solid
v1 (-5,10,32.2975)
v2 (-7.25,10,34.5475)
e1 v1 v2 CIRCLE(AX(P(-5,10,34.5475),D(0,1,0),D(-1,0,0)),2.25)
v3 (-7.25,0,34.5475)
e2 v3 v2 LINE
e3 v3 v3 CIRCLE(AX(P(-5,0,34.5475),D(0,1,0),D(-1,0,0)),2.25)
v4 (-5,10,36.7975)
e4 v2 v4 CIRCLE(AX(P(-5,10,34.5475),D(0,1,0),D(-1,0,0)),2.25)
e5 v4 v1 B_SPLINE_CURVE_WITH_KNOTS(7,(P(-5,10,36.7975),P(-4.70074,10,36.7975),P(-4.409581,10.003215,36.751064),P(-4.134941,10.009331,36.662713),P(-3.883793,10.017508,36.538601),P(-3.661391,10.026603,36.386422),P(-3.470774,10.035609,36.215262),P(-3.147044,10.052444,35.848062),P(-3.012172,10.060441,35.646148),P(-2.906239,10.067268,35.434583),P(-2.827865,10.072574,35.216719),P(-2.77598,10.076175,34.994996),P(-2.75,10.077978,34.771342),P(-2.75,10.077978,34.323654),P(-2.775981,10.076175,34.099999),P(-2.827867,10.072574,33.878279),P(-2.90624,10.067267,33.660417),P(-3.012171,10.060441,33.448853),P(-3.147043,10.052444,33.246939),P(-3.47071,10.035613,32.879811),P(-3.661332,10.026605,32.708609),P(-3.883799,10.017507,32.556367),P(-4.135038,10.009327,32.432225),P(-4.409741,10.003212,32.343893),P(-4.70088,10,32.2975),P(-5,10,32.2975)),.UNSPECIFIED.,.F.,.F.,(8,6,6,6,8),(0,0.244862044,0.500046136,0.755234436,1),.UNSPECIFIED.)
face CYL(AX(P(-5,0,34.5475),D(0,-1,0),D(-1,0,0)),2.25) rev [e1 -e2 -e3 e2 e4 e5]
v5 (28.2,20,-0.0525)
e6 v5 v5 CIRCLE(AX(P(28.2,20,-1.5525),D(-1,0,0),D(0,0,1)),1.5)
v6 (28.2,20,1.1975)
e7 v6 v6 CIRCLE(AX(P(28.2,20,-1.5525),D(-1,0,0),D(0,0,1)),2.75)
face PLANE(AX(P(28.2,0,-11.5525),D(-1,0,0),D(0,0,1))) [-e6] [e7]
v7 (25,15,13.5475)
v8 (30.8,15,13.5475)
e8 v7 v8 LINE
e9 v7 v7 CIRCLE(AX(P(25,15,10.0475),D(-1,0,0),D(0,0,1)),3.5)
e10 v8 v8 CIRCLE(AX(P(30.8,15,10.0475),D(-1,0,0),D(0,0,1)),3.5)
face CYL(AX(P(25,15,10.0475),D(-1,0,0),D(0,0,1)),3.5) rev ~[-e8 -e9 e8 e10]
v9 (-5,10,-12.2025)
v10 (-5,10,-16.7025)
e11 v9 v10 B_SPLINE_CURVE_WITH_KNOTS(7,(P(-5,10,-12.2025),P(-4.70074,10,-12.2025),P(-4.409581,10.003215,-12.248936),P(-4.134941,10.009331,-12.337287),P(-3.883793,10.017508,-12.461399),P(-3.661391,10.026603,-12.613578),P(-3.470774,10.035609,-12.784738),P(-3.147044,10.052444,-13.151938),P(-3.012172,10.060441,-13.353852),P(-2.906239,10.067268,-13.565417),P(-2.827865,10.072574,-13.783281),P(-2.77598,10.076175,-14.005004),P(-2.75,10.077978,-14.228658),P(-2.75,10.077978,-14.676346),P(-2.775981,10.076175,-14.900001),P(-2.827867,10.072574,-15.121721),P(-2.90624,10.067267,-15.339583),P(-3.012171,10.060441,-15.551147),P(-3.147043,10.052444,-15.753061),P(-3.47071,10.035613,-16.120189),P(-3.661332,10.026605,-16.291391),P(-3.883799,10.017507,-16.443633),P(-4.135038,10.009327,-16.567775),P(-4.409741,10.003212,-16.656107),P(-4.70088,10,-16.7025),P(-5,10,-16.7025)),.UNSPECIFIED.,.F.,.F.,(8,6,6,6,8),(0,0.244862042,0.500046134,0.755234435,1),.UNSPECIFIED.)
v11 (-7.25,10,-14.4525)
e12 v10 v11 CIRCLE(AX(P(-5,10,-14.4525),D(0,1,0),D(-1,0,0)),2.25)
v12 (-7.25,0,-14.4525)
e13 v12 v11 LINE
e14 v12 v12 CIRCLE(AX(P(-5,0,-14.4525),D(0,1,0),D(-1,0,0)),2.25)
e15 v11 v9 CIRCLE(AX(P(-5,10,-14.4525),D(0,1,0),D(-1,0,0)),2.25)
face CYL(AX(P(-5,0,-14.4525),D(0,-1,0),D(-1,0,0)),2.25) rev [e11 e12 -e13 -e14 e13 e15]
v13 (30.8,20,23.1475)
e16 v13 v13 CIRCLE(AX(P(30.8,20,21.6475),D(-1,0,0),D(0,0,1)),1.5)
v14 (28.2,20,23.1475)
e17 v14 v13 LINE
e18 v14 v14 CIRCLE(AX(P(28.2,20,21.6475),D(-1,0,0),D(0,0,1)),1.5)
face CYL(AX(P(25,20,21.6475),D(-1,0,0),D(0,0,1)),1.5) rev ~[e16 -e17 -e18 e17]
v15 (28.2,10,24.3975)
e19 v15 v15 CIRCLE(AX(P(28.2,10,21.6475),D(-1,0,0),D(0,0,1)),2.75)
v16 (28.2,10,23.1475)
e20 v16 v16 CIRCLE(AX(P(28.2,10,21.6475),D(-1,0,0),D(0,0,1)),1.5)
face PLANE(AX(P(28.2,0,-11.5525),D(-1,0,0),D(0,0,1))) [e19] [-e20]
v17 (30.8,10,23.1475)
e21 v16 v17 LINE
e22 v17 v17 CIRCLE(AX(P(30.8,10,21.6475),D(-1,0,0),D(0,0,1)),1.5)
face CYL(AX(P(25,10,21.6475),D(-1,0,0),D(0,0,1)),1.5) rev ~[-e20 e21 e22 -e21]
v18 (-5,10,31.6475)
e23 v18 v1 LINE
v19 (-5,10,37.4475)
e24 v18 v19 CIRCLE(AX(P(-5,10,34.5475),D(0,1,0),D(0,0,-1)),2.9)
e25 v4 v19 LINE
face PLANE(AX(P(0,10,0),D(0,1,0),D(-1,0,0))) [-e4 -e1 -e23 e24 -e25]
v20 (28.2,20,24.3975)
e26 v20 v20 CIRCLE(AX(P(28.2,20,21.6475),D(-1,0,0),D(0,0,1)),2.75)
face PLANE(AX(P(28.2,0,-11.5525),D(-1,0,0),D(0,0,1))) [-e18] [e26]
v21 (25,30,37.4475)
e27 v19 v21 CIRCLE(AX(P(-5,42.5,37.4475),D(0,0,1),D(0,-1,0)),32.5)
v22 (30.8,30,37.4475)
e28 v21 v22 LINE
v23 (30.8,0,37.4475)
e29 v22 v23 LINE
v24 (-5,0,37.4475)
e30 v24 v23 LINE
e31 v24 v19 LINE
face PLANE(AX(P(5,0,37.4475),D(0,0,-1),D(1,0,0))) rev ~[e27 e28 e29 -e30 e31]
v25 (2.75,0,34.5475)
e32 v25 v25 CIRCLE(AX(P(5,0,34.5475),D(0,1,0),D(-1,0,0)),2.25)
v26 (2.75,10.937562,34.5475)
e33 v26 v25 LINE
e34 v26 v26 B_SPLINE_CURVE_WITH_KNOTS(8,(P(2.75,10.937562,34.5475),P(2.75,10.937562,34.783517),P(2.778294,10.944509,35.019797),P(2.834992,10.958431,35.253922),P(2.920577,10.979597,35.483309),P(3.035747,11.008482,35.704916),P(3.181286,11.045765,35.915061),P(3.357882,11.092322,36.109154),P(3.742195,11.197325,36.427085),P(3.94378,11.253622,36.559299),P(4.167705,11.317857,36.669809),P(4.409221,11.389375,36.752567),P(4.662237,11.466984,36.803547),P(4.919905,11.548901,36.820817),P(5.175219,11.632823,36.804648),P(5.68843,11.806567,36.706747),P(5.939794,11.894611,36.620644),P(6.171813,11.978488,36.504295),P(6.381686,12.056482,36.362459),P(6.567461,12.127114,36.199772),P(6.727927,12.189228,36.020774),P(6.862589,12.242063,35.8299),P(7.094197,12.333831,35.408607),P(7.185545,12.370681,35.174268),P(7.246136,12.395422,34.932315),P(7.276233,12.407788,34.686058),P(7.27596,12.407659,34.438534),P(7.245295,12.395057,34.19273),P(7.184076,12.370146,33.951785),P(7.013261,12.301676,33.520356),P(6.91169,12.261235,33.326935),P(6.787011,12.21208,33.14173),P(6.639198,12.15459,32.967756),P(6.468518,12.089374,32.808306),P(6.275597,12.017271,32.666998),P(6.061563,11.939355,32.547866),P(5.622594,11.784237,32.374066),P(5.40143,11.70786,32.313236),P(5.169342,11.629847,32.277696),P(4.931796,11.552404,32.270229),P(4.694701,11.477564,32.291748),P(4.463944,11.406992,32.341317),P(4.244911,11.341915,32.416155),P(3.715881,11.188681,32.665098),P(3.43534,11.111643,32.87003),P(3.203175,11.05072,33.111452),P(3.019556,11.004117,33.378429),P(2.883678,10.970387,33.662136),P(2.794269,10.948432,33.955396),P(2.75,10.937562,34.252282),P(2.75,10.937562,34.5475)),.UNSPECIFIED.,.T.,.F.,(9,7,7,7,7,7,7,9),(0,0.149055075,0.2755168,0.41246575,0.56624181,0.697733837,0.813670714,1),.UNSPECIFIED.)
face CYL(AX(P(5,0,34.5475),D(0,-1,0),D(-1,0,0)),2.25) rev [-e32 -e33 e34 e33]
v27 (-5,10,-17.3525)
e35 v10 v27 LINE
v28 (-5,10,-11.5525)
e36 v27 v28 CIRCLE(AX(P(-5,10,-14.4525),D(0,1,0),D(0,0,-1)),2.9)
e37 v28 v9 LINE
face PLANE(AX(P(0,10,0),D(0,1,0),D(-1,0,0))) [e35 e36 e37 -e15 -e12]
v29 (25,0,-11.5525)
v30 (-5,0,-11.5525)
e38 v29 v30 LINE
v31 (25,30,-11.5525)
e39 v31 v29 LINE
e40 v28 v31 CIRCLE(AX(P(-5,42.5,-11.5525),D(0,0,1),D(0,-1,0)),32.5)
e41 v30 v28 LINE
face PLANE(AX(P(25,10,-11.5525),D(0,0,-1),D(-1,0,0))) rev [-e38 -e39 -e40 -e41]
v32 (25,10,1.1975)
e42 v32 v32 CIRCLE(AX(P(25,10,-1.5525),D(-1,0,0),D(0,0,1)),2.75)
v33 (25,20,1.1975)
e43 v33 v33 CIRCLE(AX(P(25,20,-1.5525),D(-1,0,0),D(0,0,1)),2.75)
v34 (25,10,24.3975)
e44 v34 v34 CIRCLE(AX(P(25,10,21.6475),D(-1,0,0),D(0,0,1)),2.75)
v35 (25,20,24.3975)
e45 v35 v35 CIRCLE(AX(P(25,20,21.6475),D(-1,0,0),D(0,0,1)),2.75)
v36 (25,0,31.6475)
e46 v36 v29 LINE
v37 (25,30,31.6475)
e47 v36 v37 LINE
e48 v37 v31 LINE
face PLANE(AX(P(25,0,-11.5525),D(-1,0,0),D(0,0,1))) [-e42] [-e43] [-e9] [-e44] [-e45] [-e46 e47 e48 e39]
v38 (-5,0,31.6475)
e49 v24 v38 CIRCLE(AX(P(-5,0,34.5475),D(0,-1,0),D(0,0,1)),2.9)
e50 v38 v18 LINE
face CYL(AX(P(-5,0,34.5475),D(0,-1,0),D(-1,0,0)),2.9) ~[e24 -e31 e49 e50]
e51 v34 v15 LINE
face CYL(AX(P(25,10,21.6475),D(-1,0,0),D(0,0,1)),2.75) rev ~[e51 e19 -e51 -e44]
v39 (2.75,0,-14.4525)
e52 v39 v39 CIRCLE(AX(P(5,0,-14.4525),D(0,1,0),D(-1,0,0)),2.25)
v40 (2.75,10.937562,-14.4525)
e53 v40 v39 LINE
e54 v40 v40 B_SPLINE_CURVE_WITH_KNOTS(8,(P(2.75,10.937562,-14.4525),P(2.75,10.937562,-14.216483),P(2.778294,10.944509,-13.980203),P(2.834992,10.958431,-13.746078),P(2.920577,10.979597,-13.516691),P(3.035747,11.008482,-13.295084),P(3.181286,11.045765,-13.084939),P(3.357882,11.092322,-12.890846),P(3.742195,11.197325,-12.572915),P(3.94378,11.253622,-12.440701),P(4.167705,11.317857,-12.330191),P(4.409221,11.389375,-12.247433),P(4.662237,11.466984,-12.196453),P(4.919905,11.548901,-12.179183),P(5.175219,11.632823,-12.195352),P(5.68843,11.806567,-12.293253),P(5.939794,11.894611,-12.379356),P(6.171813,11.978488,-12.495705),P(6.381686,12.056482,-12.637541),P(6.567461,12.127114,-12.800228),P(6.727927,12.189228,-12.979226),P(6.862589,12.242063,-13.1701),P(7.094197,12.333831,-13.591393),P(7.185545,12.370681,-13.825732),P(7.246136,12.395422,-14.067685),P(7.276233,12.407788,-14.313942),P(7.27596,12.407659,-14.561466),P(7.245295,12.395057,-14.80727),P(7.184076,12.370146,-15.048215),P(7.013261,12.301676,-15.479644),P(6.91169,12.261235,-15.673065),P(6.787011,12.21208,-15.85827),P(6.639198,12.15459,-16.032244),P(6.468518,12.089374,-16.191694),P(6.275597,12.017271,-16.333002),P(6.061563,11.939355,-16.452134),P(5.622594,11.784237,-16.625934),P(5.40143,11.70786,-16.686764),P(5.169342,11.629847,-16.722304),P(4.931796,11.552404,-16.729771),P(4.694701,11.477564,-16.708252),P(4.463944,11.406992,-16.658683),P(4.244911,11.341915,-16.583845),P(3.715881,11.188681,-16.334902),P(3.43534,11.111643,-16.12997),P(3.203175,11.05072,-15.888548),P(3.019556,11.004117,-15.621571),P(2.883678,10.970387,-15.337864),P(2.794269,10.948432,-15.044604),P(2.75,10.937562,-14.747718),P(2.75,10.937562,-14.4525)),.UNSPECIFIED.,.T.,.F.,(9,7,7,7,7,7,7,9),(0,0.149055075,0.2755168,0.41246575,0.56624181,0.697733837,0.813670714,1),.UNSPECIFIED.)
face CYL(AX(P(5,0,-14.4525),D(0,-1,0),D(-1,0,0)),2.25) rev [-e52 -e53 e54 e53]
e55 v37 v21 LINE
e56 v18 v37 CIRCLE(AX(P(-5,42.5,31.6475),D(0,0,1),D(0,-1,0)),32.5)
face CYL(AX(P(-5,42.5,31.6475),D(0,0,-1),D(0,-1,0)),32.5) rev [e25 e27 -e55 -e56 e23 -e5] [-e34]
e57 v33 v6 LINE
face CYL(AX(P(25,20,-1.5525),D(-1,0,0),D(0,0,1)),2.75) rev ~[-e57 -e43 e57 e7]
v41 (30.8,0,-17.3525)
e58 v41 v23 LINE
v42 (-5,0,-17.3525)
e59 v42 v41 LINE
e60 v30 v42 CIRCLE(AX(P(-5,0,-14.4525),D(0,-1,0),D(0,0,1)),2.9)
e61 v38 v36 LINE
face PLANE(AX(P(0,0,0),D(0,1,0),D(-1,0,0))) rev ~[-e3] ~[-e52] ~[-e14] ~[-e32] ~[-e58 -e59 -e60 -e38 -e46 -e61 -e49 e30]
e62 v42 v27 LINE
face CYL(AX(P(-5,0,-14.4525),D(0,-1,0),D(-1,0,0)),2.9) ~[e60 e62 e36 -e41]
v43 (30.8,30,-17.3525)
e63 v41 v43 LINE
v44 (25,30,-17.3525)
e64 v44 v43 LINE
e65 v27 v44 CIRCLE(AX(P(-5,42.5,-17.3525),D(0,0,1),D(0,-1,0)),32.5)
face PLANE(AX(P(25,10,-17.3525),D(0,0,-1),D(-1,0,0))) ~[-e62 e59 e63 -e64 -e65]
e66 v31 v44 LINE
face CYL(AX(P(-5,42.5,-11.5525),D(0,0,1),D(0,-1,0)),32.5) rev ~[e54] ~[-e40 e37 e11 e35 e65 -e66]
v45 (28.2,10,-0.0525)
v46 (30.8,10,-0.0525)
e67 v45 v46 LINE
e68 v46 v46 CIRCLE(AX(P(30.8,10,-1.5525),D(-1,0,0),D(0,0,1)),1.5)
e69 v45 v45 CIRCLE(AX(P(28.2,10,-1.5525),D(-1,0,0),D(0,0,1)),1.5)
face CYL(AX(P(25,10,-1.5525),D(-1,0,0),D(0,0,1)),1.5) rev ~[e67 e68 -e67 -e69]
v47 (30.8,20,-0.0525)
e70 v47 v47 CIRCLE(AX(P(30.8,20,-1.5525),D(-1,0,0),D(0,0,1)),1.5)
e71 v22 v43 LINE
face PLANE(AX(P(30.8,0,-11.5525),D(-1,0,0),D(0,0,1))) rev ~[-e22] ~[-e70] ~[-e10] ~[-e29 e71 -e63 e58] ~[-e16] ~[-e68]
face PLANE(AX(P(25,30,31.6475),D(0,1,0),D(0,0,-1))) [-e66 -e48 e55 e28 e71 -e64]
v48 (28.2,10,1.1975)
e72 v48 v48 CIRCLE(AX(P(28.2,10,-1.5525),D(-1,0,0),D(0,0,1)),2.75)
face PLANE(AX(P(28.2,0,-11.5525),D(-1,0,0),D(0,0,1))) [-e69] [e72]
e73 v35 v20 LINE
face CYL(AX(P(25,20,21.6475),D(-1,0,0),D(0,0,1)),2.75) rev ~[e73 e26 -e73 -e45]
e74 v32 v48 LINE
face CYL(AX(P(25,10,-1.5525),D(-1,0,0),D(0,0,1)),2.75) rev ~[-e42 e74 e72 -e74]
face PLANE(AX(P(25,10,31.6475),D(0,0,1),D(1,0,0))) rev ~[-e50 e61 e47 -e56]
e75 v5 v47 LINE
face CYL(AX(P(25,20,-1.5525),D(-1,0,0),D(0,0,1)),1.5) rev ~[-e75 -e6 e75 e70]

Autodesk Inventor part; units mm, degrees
ref_plane "YZ Plane" through (0, 0, 0) normal (1, 0, 0) x (0, 1, 0)
ref_plane "XZ Plane" through (0, 0, 0) normal (0, 1, 0) x (-1, 0, 0)
sketch "Sketch1" plane through (0, 0, 0) normal (0, 1, 0) x (-1, 0, 0)
  circle A0 centre (-5, -14.4525) radius 2.25
  circle A1 centre (5, -14.4525) radius 2.25
  circle A2 centre (5, 34.5475) radius 2.25
  circle A3 centre (-5, 34.5475) radius 2.25
  line L0 (21.75, 43.0475) -> (-21.75, 43.0475)
  line L1 (21.75, -42.9525) -> (21.75, 43.0475)
  line L2 (-21.75, 43.0475) -> (-21.75, -42.9525)
  line L3 (-21.75, 43.0475) -> (21.75, 43.0475)
  line L4 (21.75, 43.0475) -> (21.75, -42.9525)
  line L5 (21.75, -42.9525) -> (-21.75, -42.9525)
  line L6 (-21.75, -42.9525) -> (-21.75, 43.0475)
  circle A4 centre (-5, 34.5475) radius 2.9
  circle A5 centre (5, 34.5475) radius 2.9
  circle A6 centre (-5, -14.4525) radius 2.9
  circle A7 centre (5, -14.4525) radius 2.9
  line L7 (5, 37.4475) -> (-5, 37.4475)
  line L8 (5, 31.6475) -> (-5, 31.6475)
  line L9 (5, -11.5525) -> (-5, -11.5525)
  line L10 (5, -17.3525) -> (-5, -17.3525)
  line L11 (-5, 37.4475) -> (-30.8, 37.4475)
  line L12 (-5, -17.3525) -> (-30.8, -17.3525)
  line L13 (-30.8, -17.3525) -> (-30.8, 37.4475)
  line L14 (-5, 31.6475) -> (-25, 31.6475)
  line L15 (-25, 31.6475) -> (-25, -11.5525)
  line L16 (-25, -11.5525) -> (-5, -11.5525)
  point P0 (0, 0)
  point P1 (-1.4735, -1.6316)
  dimension "d0" = 5.8
  dimension "d1" = 5.8
  dimension "d2" = 5.8
  dimension "d3" = 5.8
  dimension "d4" = 4.5
  dimension "d5" = 4.5
  dimension "d6" = 4.5
  dimension "d7" = 4.5
  dimension "d8" = 25.8
  dimension "d9" = 20
extrude "Extrusion1" add sketch "Sketch1" along normal blind 10 contours L11 A4 L14 L2 | L2 L14 L15 L16 L12 L13 L11 | L7 A5 L8 A4 | A4 | L2 L16 A6 L12 | A5 | A6 | A6 L9 A7 L10 | A7
sketch "Sketch2" plane through (25, 0, -11.5525) normal (-1, 0, 0) x (0, 0, 1)
  line L0 (0, 0) -> (0, 10) projected
  line L1 (43.2, 0) -> (43.2, 10) projected
  line L2 (0, 10) -> (43.2, 10)
  line L3 (43.2, 10) -> (43.2, 30)
  line L4 (43.2, 30) -> (0, 30)
  line L5 (0, 30) -> (0, 10)
  point P0 (11.5525, 0)
  dimension "d12" = 20
extrude "Extrusion2" add sketch "Sketch2" against normal up to surface (5.8 mm away)
sketch "Sketch3" plane through (25, 0, -11.5525) normal (-1, 0, 0) x (0, 0, 1)
  line L0 (0, 0) -> (43.2, 0) projected
  line L1 (43.2, 0) -> (43.2, 10) projected
  line L2 (43.2, 10) -> (43.2, 30) projected
  line L3 (43.2, 30) -> (0, 30) projected
  line L4 (0, 30) -> (0, 10) projected
  line L5 (0, 0) -> (0, 10) projected
  circle A0 centre (10, 10) radius 2.75
  line L6 (0, 30) -> (43.2, 30)
  line L7 (43.2, 30) -> (43.2, 0)
  line L8 (43.2, 0) -> (0, 0)
  line L9 (0, 0) -> (0, 30)
  circle A1 centre (10, 20) radius 2.75
  circle A2 centre (33.2, 20) radius 2.75
  circle A3 centre (33.2, 10) radius 2.75
  point P0 (11.5525, 0)
  dimension "d15" = 5.5
  dimension "d16" = 10
  dimension "d17" = 10
  dimension "d18" = 5.5
  dimension "d19" = 5.5
  dimension "d20" = 10
  dimension "d21" = 5.5
  dimension "d22" = 43.2
  dimension "d23" = 30
extrude "Extrusion3" cut sketch "Sketch3" against normal blind 3.2 contours A0 | A1 | A2 | A3
sketch "Sketch4" plane through (25, 0, -11.5525) normal (-1, 0, 0) x (0, 0, 1)
  circle A0 centre (10, 10) radius 2.75 projected
  circle A1 centre (10, 10) radius 1.5
  circle A2 centre (10, 20) radius 2.75 projected
  circle A3 centre (10, 20) radius 1.5
  circle A4 centre (33.2, 10) radius 2.75 projected
  circle A5 centre (33.2, 20) radius 2.75 projected
  circle A6 centre (33.2, 10) radius 1.5
  circle A7 centre (33.2, 20) radius 1.5
  point P0 (11.5525, 0)
  dimension "d26" = 3
  dimension "d27" = 3
  dimension "d28" = 3
  dimension "d29" = 3
extrude "Extrusion4" cut sketch "Sketch4" against normal blind 10 contours A1 | A3 | A6 | A7
sketch "Sketch5" plane through (25, 10, 31.6475) normal (0, 0, 1) x (1, 0, 0)
  line L0 (3.2, 7.25) -> (3.2, 12.75) projected
  line L1 (5.8, 0) -> (5.8, 20) projected
  line L2 (0, 20) -> (5.8, 20) projected
  line L3 (0, 0) -> (0, 20) projected
  line L4 (5.8, 0) -> (0, 0) projected
  line L5 (-30, -10) -> (5.8, -10) projected
  line L6 (5.8, -10) -> (5.8, 0) projected
  line L7 (-30, 0) -> (5.8, 0) projected
  line L8 (-30, -10) -> (-30, 0) projected
  line L9 (-30, -10) -> (-30, 0) projected
  arc A0 (-30, 0) -> (0, 20) centre (-30, 32.5) ccw
  line L10 (-30, 0) -> (5.8, 0) projected
  line L11 (-30, 0) -> (0, 0)
  line L12 (-32.9, -10) -> (-32.9, 0) projected
  line L13 (0, 20) -> (0, 0)
  point P0 (-25, -10)
extrude "Extrusion5" add sketch "Sketch5" along normal up to surface (5.8 mm away) contours L4 L3 L2 L1 | L7 A0 L3
ref_plane "Work Plane1" through (25, 10, 10.0475) normal (0, 0, -1) x (-1, 0, 0)
mirror "Mirror1" about plane through (25, 10, 10.0475) normal (0, 0, -1) of "Extrusion5"
extrude "Extrusion6" cut sketch "Sketch1" along normal blind 33.8125 contours A0 | A1 | A2 | A3
sketch "Sketch6" plane through (25, 0, -11.5525) normal (-1, 0, 0) x (0, 0, 1)
  circle A0 centre (33.2, 10) radius 2.75 projected
  circle A1 centre (10, 10) radius 2.75 projected
  circle A2 centre (33.2, 20) radius 2.75 projected
  circle A3 centre (10, 20) radius 2.75 projected
  line L0 (0, 0) -> (43.2, 0) projected
  line L1 (43.2, 0) -> (43.2, 30) projected
  line L2 (43.2, 30) -> (0, 30) projected
  line L3 (0, 0) -> (0, 30) projected
  line L4 (10, 20) -> (33.2, 10) construction
  line L5 (33.2, 20) -> (10, 10) construction
  circle A4 centre (21.6, 15) radius 3.5
  point P0 (11.5525, 0)
  dimension "d37" = 7
extrude "Extrusion7" cut sketch "Sketch6" against normal through all contours A4
properties part number "SERVO_TO_TOOLHEAD_3DPrint"
